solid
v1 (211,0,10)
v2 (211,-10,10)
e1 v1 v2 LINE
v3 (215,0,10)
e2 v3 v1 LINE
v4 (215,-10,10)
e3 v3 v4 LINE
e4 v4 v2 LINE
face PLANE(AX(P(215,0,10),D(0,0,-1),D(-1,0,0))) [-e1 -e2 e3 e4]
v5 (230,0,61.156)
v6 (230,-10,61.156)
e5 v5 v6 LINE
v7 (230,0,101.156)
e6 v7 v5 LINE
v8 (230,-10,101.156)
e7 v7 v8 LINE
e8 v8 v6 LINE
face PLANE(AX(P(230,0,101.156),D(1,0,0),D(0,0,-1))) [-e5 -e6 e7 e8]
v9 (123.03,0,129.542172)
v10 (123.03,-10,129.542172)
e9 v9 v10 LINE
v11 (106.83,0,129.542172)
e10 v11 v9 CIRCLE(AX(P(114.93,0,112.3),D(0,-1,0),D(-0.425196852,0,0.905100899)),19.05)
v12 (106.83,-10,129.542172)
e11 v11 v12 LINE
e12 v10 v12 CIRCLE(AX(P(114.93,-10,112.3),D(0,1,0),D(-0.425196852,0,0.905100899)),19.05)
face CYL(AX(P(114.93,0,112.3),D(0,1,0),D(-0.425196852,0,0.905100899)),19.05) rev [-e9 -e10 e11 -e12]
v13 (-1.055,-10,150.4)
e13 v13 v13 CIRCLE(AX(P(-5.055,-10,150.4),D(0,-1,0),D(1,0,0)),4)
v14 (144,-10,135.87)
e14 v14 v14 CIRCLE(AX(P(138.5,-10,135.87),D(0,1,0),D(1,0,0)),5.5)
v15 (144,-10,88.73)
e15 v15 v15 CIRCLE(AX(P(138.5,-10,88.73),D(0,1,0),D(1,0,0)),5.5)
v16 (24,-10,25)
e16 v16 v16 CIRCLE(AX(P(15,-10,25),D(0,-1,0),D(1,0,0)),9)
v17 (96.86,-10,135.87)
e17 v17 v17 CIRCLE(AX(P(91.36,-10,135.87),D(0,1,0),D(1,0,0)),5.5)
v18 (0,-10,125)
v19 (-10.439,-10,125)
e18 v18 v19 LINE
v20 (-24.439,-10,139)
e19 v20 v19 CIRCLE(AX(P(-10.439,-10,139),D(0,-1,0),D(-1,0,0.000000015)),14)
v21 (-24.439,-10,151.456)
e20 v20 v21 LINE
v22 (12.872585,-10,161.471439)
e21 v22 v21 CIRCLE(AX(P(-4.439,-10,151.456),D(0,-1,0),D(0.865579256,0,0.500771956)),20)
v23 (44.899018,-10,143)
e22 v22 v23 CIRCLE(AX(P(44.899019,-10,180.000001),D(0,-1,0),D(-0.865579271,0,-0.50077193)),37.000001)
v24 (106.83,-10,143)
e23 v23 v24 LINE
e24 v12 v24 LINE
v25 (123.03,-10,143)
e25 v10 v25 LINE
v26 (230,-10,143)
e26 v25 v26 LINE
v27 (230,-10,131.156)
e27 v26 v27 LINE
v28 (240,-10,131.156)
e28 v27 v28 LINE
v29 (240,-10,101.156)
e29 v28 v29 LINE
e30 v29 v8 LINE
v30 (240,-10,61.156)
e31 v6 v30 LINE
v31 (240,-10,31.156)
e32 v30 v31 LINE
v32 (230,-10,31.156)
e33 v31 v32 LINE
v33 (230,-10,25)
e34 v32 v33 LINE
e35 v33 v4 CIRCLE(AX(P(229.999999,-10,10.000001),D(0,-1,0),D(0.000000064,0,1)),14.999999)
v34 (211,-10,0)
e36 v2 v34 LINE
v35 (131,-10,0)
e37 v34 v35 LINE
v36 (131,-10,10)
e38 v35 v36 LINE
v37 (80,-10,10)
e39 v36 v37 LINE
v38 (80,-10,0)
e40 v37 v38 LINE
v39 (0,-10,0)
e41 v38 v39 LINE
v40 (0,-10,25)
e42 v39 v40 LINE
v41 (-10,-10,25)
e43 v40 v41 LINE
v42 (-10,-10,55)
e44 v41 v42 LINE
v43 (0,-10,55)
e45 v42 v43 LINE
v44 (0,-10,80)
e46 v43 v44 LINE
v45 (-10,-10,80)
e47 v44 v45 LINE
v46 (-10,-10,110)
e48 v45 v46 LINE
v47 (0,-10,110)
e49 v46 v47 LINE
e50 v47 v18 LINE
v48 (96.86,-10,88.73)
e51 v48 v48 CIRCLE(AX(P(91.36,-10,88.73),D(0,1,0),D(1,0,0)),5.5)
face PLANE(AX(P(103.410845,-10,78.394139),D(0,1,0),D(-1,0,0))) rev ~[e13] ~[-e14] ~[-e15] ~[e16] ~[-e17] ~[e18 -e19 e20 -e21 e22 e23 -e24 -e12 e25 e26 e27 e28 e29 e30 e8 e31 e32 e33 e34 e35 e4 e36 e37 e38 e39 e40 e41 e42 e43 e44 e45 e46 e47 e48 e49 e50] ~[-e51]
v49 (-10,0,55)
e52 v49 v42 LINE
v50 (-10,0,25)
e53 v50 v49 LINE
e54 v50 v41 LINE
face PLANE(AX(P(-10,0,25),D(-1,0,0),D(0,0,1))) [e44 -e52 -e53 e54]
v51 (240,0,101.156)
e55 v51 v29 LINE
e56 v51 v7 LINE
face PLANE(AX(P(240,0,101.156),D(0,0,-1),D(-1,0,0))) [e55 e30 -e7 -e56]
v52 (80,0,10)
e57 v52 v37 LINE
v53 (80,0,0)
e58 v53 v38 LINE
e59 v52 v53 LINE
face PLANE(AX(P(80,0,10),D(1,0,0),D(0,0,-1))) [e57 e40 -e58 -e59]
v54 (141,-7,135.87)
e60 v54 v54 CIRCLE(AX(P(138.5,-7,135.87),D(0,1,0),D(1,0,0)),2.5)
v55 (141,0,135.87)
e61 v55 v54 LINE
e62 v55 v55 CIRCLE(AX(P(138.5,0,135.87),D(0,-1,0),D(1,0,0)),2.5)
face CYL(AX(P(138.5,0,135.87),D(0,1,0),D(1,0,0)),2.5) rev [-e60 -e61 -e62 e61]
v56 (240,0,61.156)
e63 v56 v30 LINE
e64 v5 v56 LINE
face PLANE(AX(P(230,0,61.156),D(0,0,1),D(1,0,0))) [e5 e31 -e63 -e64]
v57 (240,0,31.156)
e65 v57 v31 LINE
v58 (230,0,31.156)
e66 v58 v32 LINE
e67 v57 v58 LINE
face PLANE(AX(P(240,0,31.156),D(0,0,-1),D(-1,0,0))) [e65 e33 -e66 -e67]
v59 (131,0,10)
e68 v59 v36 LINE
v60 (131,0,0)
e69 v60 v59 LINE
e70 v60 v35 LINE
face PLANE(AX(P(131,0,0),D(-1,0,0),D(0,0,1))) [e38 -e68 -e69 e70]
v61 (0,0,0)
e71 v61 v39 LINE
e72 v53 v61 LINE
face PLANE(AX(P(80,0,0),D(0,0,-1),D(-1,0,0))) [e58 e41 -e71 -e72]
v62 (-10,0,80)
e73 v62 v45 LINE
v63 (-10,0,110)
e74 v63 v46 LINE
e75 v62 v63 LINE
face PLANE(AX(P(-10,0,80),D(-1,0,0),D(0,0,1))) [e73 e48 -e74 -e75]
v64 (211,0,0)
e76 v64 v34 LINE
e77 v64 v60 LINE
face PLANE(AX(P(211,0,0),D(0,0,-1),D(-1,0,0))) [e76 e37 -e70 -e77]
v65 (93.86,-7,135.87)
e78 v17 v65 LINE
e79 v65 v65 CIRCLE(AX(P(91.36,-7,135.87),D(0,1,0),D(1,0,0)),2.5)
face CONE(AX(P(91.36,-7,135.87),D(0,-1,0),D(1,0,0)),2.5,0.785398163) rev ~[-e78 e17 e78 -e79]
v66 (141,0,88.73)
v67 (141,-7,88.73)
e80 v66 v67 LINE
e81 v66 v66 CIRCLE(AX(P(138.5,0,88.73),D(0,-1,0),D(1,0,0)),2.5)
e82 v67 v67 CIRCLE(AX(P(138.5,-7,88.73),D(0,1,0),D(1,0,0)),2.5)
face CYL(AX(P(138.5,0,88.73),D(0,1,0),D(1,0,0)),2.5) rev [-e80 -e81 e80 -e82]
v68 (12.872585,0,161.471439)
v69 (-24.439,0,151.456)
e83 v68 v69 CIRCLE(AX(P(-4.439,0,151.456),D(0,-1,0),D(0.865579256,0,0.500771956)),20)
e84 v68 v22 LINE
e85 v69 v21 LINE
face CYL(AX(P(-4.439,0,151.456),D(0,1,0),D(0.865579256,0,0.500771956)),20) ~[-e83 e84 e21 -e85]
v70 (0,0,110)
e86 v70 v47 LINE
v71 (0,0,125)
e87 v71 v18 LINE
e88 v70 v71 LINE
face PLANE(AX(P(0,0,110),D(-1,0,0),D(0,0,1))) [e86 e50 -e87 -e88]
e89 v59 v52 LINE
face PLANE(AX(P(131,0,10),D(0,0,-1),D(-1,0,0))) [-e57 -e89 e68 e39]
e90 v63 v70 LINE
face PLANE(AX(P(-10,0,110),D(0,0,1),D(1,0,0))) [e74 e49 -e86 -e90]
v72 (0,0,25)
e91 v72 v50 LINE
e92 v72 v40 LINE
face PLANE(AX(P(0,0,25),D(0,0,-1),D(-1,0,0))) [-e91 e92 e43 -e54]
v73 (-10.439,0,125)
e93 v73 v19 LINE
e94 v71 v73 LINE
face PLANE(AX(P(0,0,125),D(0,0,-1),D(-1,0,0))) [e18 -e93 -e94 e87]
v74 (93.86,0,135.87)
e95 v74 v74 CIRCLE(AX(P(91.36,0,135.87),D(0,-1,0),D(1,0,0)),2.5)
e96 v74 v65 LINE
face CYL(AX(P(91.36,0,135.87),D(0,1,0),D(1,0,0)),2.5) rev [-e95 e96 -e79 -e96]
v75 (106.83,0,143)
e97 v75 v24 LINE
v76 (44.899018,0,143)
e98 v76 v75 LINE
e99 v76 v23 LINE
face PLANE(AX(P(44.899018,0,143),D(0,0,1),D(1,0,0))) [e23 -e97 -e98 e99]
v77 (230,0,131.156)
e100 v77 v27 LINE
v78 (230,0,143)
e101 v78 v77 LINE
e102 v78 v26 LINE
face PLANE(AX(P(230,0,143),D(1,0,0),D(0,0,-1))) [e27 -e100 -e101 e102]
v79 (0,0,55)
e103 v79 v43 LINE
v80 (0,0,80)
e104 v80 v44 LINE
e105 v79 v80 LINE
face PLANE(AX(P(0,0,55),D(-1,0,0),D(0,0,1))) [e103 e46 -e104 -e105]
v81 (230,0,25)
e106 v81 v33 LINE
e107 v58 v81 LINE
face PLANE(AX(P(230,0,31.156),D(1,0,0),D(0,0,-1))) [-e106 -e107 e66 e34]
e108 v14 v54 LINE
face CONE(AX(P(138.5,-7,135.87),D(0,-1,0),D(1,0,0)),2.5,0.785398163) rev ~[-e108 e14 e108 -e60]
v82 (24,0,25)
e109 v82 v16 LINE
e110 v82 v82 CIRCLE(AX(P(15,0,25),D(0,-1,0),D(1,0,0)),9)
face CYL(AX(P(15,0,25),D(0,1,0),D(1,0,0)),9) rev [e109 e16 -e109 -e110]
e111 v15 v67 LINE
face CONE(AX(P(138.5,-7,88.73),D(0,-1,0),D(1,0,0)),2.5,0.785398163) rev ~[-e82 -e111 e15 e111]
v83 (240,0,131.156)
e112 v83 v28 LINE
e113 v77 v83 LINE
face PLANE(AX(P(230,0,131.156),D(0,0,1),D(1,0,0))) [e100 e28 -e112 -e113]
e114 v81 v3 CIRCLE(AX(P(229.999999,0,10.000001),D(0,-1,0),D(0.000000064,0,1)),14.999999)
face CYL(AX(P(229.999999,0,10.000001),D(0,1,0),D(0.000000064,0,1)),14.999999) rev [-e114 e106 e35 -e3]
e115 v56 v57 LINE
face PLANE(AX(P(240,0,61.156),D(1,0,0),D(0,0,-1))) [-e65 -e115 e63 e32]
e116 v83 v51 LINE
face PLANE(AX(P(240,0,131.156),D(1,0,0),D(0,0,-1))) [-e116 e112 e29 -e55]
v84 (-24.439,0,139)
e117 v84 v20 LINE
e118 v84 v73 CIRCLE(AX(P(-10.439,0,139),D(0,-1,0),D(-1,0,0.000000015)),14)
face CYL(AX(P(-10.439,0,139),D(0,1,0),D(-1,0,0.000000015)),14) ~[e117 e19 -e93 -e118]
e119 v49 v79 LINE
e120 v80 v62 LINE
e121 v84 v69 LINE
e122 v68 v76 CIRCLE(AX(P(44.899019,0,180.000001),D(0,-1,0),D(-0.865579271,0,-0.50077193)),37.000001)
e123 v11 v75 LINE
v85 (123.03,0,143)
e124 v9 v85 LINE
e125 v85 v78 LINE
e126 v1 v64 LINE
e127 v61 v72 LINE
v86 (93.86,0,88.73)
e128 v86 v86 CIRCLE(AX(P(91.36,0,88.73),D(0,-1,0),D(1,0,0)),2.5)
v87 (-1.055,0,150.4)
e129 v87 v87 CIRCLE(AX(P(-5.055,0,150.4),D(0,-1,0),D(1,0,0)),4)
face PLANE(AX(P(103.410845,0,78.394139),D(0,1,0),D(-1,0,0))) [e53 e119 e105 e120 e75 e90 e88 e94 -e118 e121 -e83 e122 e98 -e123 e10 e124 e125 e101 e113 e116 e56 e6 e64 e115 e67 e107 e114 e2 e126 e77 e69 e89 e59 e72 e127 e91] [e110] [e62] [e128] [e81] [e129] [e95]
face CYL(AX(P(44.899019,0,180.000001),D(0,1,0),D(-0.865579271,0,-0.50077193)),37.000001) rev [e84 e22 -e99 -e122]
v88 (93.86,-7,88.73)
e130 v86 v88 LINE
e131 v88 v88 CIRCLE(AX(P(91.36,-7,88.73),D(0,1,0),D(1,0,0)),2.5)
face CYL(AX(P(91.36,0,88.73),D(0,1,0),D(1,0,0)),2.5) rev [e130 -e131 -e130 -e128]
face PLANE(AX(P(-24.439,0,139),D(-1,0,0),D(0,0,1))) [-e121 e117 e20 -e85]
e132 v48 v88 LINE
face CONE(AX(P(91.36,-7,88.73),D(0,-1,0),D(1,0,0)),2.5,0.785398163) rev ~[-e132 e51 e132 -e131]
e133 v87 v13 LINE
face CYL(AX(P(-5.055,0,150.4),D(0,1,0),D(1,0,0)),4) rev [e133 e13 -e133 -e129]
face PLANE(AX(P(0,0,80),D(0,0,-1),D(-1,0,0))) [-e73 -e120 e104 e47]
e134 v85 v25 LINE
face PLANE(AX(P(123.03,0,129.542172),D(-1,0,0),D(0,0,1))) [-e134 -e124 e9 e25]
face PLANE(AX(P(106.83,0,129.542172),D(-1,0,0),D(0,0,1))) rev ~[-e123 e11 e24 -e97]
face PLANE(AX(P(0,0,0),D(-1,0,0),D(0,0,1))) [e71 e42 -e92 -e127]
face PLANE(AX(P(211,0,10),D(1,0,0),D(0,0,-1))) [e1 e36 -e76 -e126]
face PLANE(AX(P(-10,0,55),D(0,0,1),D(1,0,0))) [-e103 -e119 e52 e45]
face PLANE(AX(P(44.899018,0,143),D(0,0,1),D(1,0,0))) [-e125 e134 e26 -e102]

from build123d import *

# Parameters (mm, degrees)
SKETCH_R     = 9
SKETCH_R_2   = 4
PAD_DEPTH    = 10
SKETCH001_R  = 2.5
POCKET_DEPTH = 10.001
CHAMFER_SIZE = 3


with BuildPart() as part:
    # Sketch → Pad (new body)
    with BuildSketch(Plane.XZ):
        with BuildLine():
            Line((0, 0), (0, 25))
            Line((0, 25), (-10, 25))
            Line((-10, 25), (-10, 55))
            Line((-10, 55), (0, 55))
            Line((0, 55), (0, 80))
            Line((0, 80), (-10, 80))
            Line((-10, 80), (-10, 110))
            Line((-10, 110), (0, 110))
            Line((0, 110), (0, 125))
            Line((0, 125), (-10.439, 125))
            ThreePointArc((-24.439, 139), (-20.338495, 129.100505), (-10.439, 125))
            Line((-24.439, 139), (-24.439, 151.456))
            ThreePointArc((12.872585, 161.471439), (-9.623992, 170.772207), (-24.439, 151.456))
            ThreePointArc((12.872585, 161.471439), (26.413305, 147.948816), (44.899018, 143))
            Line((44.899018, 143), (230, 143))
            Line((230, 143), (230, 131.156))
            Line((230, 131.156), (240, 131.156))
            Line((240, 131.156), (240, 101.156))
            Line((240, 101.156), (230, 101.156))
            Line((230, 101.156), (230, 61.156))
            Line((230, 61.156), (240, 61.156))
            Line((240, 61.156), (240, 31.156))
            Line((240, 31.156), (230, 31.156))
            Line((230, 31.156), (230, 25))
            ThreePointArc((230, 25), (219.393398, 20.606602), (215, 10))
            Line((215, 10), (211, 10))
            Line((211, 10), (211, 0))
            Line((211, 0), (131, 0))
            Line((131, 0), (131, 10))
            Line((131, 10), (80, 10))
            Line((80, 10), (80, 0))
            Line((80, 0), (0, 0))
        make_face()
        with Locations((15, 25)):
            Circle(SKETCH_R, mode=Mode.SUBTRACT)
        with Locations((-5.055, 150.4)):
            Circle(SKETCH_R_2, mode=Mode.SUBTRACT)
    extrude(amount=PAD_DEPTH)

    # Sketch001 → Pocket (cut, through all)
    with BuildSketch(Plane.XZ):
        with Locations((91.36, 135.87)):
            Circle(SKETCH001_R)
        with Locations((138.5, 135.87)):
            Circle(SKETCH001_R)
        with Locations((91.36, 88.73)):
            Circle(SKETCH001_R)
        with Locations((138.5, 88.73)):
            Circle(SKETCH001_R)
        with BuildLine():
            ThreePointArc((106.83, 129.542172), (114.93, 93.25), (123.03, 129.542172))
            Line((123.03, 129.542172), (123.03, 177.012172))
            Line((106.83, 177.012172), (123.03, 177.012172))
            Line((106.83, 129.542172), (106.83, 177.012172))
        make_face()
    extrude(amount=POCKET_DEPTH, mode=Mode.SUBTRACT)

    # Chamfer
    chamfer_edges = [part.edges().sort_by_distance(p)[0] for p in [
        (136, -10, 135.87),
        (88.86, -10, 88.73),
        (88.86, -10, 135.87),
        (136, -10, 88.73),
    ]]
    chamfer(chamfer_edges, length=CHAMFER_SIZE)


solid = part.part
